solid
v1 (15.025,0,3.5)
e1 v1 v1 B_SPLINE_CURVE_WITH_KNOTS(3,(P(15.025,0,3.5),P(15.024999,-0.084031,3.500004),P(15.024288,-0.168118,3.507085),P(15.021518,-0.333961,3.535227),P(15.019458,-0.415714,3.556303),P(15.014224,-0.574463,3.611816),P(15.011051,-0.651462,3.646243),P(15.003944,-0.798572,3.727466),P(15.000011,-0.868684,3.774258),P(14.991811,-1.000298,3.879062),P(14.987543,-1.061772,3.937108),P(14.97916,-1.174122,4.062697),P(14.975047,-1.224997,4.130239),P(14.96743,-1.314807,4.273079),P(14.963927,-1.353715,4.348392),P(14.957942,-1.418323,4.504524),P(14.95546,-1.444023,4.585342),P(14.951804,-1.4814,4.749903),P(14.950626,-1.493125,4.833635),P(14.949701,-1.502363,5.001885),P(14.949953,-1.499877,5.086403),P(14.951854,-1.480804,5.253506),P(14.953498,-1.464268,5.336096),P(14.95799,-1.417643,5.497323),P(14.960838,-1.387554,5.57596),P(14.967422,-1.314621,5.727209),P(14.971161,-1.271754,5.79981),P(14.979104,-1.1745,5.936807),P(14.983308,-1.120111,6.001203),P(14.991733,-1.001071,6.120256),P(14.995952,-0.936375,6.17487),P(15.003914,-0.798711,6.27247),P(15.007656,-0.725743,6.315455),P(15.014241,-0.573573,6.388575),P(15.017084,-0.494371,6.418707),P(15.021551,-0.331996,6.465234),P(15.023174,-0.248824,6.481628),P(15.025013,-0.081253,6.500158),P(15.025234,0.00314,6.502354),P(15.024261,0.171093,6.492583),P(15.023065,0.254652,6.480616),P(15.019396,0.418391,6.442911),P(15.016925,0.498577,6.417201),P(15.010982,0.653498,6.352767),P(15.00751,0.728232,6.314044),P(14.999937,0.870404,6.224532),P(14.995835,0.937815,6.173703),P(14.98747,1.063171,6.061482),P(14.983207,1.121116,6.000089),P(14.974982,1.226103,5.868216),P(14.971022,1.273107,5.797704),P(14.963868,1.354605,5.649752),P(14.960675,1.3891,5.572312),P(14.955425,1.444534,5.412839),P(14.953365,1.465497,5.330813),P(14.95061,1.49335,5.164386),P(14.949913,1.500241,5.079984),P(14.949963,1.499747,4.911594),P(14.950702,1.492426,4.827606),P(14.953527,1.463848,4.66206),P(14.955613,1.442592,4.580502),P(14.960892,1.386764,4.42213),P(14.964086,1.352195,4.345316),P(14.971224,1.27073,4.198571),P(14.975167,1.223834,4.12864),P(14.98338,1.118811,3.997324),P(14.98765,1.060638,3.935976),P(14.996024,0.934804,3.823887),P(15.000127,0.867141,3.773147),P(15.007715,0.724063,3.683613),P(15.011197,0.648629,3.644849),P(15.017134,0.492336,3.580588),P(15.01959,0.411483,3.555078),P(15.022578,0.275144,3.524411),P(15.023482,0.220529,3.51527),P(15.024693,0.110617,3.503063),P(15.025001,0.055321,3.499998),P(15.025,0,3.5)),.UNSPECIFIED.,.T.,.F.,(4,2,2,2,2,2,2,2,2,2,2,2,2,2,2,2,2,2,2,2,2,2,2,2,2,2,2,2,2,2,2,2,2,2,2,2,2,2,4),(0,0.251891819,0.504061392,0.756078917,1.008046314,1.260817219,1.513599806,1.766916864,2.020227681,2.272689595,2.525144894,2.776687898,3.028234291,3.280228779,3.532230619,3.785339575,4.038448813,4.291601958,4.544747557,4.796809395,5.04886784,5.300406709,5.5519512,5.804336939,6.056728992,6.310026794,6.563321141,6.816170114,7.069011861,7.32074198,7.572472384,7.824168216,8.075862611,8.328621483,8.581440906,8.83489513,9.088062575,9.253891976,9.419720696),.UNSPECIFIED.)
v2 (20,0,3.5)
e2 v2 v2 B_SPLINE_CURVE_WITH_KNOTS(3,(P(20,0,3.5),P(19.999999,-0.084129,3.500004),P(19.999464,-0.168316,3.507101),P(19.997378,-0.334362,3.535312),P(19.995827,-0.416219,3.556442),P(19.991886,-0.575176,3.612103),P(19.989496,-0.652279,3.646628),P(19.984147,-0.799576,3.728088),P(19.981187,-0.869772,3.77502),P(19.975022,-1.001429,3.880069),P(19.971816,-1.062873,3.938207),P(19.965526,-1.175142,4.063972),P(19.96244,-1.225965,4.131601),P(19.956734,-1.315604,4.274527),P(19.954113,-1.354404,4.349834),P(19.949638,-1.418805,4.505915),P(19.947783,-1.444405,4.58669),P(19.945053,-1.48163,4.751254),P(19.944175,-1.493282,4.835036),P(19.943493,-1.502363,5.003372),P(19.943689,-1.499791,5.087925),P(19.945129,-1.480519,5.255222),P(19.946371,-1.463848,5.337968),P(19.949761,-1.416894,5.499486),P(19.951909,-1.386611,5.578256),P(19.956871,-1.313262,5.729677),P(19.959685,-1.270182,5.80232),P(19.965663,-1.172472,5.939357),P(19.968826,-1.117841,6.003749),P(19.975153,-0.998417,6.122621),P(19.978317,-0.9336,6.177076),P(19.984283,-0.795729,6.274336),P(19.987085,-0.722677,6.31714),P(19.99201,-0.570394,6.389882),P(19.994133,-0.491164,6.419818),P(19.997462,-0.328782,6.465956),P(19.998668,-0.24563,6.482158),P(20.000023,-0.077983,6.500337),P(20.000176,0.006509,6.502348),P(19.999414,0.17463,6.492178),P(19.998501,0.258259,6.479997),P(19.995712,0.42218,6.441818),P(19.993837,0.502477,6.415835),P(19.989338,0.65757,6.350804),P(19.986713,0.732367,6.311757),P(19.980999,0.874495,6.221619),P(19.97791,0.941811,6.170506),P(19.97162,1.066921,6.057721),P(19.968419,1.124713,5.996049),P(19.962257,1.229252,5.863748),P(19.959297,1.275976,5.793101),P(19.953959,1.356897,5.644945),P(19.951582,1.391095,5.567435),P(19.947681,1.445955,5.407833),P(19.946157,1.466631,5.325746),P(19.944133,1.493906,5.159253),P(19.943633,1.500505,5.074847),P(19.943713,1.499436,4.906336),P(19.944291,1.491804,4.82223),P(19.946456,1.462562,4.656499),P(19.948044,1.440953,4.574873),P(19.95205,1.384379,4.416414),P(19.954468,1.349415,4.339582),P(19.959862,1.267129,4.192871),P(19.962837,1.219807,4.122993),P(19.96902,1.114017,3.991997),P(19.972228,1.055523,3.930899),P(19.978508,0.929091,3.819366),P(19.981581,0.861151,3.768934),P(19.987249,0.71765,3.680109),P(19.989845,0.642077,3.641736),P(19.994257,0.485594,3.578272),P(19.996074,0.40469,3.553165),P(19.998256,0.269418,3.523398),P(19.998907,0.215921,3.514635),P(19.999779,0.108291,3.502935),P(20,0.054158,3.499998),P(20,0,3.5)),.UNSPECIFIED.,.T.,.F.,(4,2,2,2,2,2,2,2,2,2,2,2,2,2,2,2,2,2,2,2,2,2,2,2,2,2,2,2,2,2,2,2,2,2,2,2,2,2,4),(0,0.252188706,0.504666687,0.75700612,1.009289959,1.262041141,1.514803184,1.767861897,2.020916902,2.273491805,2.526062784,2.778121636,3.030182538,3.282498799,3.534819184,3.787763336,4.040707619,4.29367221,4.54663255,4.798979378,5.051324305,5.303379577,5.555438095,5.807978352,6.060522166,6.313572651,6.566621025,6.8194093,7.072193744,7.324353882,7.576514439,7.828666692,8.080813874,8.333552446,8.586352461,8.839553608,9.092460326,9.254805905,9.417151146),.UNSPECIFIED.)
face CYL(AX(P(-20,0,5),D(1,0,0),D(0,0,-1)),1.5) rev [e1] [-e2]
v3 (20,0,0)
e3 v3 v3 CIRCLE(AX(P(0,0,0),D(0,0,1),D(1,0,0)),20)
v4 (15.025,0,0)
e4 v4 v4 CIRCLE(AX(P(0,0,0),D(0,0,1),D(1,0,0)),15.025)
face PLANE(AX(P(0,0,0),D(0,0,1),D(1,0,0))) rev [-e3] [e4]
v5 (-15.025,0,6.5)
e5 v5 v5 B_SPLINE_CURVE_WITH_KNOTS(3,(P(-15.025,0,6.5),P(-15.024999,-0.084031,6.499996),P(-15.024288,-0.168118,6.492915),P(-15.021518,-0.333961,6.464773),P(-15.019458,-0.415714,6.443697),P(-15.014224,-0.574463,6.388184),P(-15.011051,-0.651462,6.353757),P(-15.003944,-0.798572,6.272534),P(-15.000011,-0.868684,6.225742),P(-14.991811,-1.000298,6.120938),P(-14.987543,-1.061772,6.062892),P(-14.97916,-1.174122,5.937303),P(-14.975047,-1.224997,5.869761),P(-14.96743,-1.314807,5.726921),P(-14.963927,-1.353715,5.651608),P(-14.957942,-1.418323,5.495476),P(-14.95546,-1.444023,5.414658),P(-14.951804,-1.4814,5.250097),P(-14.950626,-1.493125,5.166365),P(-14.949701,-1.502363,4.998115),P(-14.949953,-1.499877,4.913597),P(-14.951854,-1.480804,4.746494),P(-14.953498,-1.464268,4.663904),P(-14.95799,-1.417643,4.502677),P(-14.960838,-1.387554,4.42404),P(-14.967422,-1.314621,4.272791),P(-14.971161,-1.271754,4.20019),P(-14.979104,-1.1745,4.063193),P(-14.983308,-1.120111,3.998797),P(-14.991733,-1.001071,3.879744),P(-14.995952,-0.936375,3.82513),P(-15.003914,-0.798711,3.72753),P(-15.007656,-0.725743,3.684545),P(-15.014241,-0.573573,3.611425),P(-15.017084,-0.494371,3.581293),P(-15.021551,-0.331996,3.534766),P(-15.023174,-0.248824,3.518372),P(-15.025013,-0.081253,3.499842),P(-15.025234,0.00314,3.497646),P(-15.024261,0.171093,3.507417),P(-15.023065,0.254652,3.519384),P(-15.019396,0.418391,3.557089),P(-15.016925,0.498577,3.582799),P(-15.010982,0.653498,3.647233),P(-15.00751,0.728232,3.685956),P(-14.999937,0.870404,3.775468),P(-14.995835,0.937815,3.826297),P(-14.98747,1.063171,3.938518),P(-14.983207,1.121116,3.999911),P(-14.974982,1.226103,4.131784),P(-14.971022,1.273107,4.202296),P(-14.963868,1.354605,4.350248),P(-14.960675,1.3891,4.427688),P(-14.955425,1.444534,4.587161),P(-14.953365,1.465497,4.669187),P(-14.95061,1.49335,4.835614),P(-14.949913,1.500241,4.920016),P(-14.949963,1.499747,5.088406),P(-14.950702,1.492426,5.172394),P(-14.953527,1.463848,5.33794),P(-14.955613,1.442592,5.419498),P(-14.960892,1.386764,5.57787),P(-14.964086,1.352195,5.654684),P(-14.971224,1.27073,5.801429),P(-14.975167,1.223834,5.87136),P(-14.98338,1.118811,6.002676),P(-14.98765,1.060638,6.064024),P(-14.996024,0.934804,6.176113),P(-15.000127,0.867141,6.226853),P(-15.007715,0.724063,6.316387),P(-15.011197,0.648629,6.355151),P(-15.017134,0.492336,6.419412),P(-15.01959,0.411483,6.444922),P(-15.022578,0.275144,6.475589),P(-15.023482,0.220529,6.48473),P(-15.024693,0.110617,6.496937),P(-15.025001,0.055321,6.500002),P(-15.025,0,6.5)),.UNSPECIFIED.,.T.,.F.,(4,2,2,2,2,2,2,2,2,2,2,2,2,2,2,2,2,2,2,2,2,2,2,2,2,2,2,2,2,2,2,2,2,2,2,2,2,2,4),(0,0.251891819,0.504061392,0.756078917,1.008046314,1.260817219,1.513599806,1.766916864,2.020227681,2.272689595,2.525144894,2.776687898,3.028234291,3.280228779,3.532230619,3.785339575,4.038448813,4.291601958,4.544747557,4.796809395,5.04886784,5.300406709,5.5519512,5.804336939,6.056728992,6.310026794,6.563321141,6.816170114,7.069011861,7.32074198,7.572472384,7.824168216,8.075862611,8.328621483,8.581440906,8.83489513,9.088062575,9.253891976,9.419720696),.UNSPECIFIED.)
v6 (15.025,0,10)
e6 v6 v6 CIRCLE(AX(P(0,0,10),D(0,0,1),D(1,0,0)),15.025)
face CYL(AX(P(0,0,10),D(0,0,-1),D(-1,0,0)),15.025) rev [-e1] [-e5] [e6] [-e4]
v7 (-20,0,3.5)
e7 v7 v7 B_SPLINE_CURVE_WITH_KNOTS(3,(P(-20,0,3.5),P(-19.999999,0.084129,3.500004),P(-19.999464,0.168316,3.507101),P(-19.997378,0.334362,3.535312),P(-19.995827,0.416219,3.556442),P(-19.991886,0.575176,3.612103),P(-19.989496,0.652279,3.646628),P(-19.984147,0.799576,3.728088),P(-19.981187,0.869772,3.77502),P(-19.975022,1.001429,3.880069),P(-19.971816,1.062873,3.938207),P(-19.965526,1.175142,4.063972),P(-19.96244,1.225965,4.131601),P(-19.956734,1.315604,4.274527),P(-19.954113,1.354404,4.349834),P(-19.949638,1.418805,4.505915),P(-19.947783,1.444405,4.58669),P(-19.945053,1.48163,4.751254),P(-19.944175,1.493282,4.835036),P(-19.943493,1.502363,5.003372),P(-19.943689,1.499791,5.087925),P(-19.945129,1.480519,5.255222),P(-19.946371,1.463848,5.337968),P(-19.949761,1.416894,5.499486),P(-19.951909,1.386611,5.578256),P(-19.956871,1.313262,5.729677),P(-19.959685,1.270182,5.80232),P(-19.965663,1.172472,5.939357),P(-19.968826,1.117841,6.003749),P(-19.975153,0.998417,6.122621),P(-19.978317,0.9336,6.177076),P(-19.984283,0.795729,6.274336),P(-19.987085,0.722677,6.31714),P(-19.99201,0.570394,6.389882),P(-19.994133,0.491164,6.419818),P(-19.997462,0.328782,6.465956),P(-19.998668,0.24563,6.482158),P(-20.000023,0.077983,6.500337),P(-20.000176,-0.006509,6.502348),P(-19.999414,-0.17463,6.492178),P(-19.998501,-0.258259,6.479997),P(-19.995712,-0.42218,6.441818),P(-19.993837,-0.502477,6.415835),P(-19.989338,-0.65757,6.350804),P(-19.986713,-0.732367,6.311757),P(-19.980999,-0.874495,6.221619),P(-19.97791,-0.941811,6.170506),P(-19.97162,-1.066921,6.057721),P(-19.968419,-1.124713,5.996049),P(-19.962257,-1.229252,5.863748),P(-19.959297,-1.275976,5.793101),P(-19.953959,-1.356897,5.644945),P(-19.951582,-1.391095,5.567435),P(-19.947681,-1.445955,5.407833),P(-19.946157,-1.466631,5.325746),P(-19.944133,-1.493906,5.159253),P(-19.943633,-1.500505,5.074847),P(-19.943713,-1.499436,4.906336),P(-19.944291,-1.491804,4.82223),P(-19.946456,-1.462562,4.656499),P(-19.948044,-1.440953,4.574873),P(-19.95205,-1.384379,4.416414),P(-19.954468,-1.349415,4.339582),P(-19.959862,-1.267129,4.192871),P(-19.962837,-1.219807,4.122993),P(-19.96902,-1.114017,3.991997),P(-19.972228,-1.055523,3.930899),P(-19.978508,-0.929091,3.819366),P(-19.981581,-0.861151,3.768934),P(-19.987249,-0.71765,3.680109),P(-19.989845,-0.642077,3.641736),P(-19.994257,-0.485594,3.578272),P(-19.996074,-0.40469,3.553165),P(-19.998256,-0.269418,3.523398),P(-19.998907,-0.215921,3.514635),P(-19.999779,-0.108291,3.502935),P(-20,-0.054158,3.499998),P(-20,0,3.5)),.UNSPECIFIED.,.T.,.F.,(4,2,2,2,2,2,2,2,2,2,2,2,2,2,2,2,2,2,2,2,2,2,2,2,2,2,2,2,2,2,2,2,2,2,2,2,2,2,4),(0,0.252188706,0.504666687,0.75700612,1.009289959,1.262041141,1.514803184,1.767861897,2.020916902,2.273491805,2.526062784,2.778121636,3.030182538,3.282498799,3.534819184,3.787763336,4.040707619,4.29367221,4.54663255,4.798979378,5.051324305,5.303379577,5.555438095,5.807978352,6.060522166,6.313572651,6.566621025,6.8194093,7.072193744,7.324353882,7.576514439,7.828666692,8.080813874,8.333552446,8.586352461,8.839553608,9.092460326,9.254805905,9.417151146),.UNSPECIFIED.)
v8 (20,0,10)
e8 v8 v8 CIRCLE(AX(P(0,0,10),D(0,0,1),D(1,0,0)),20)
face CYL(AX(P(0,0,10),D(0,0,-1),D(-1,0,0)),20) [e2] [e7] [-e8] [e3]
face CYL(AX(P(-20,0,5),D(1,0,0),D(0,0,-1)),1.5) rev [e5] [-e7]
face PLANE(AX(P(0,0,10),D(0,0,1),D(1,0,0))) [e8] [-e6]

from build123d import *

# Parameters (mm, degrees)
SKETCH1_R               = 20
SKETCH1_R_2             = 15.025
BOSS_EXTRUDE1_DEPTH     = 10
CUT_EXTRUDE1_DEPTH      = 31
CUT_EXTRUDE1_DEPTH_BACK = 31
SKETCH2_R               = 1.5


with BuildPart() as part:
    # Sketch1 → Boss-Extrude1 (new body)
    with BuildSketch(Plane.XY):
        Circle(SKETCH1_R)
        Circle(SKETCH1_R_2, mode=Mode.SUBTRACT)
    extrude(amount=BOSS_EXTRUDE1_DEPTH)

    # Sketch2 → Cut-Extrude1 (cut, two sides: drawn at the far end of the back side and taken through both)
    with BuildSketch(Plane(origin=(0, 0, 0), x_dir=(0, 0, -1), z_dir=(1, 0, 0)).offset(-CUT_EXTRUDE1_DEPTH_BACK)):
        with Locations((-5, 0)):
            Circle(SKETCH2_R)
    extrude(amount=CUT_EXTRUDE1_DEPTH + CUT_EXTRUDE1_DEPTH_BACK, mode=Mode.SUBTRACT)


solid = part.part
